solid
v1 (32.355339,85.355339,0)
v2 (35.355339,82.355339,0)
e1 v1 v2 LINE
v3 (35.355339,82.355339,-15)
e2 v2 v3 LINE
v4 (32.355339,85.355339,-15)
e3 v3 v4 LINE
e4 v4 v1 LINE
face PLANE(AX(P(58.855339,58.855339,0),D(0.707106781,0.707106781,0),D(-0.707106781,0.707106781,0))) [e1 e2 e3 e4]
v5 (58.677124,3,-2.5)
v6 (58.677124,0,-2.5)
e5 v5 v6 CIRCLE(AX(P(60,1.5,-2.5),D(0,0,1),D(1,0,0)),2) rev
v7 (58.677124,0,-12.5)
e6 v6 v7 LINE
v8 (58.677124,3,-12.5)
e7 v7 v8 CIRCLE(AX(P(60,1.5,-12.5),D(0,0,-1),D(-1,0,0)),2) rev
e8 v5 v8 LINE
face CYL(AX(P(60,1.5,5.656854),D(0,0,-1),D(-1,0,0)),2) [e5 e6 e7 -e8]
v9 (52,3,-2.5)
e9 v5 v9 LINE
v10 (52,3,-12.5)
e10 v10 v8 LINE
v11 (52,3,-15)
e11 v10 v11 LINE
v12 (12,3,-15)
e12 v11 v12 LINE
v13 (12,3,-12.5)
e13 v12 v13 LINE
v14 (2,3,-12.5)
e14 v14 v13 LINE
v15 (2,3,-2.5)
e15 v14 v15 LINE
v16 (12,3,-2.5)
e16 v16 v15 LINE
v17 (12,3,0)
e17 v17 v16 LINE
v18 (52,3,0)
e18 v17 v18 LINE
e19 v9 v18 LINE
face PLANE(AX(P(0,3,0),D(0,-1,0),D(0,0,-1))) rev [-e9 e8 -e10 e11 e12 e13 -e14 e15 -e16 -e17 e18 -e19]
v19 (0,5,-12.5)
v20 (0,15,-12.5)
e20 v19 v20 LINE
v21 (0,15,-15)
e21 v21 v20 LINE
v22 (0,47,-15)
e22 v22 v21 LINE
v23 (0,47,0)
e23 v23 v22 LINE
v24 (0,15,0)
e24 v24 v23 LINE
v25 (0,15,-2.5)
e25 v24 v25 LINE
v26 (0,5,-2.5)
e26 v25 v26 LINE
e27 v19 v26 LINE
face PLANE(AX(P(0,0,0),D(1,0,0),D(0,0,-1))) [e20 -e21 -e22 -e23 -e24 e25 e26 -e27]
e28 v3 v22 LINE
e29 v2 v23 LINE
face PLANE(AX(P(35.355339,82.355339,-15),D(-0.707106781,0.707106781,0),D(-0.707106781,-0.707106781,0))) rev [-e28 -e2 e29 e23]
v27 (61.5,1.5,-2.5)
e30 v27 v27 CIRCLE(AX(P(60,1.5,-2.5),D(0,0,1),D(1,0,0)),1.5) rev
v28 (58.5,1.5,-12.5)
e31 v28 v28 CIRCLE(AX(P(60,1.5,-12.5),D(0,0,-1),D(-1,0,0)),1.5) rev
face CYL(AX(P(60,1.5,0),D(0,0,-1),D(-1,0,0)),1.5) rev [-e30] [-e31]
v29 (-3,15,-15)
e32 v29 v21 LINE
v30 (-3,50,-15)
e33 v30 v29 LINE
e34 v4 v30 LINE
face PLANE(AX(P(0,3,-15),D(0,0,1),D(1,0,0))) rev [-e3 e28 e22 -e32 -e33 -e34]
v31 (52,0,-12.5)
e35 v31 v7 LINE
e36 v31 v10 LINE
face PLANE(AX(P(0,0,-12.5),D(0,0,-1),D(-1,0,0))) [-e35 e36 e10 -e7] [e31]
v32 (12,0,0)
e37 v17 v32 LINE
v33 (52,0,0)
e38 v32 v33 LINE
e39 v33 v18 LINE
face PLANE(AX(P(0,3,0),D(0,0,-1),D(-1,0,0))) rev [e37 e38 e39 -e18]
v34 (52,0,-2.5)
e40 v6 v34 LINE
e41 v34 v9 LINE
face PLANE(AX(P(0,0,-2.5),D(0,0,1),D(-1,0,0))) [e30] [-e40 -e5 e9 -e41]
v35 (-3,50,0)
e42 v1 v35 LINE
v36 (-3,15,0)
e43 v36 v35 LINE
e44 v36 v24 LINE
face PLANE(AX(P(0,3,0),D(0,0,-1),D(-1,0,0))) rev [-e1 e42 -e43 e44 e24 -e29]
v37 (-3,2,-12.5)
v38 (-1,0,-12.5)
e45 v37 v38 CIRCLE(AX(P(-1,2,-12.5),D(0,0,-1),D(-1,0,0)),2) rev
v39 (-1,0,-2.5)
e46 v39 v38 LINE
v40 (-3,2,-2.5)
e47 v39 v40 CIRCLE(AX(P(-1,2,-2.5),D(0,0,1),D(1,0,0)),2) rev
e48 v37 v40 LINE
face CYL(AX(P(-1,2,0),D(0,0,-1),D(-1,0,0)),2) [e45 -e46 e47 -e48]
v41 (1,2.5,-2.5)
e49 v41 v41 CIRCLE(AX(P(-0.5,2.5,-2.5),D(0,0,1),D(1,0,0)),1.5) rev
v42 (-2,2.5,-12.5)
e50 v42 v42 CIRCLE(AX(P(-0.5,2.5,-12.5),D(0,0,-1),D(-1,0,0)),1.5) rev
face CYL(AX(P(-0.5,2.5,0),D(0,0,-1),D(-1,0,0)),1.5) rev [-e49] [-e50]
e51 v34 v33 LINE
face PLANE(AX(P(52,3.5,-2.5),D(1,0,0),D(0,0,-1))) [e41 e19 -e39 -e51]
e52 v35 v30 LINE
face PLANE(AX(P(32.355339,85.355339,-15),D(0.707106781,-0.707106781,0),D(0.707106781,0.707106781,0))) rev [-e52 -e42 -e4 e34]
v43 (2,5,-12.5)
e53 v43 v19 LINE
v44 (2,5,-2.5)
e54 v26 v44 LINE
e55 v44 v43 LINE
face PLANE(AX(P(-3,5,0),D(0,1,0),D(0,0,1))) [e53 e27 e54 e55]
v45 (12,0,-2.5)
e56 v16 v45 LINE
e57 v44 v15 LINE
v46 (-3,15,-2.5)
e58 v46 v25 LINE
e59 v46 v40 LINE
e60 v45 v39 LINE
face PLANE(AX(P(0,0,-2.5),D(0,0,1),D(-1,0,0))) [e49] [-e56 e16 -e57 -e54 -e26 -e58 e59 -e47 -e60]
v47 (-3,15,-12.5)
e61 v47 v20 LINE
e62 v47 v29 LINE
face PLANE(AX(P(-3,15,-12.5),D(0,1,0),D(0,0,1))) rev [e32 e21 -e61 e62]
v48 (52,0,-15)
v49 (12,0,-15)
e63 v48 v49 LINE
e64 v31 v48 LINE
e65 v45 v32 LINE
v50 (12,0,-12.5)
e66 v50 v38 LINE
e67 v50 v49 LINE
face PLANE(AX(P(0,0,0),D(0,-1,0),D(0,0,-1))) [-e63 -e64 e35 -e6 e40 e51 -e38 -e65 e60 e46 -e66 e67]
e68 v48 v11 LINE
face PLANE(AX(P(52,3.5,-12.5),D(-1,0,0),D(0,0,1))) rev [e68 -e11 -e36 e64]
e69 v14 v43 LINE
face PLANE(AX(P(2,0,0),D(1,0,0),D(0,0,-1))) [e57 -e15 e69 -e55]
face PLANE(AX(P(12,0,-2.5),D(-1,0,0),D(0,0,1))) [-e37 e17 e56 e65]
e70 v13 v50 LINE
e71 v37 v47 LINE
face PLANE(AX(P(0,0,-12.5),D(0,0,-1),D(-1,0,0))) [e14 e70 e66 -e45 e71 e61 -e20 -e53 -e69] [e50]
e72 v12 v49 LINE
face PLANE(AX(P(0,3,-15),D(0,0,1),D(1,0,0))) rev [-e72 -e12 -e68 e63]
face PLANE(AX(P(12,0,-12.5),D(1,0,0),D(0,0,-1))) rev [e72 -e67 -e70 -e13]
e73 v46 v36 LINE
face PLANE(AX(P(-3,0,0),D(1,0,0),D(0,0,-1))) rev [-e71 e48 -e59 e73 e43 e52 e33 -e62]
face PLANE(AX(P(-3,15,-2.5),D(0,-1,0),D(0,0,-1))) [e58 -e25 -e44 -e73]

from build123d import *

# Parameters (mm, degrees)
SKETCH1_W           = 60
SKETCH1_H           = 15
BOSS_EXTRUDE1_DEPTH = 3
SKETCH2_W           = 15
SKETCH2_H           = 50
BOSS_EXTRUDE2_DEPTH = 3
SKETCH3_W           = 5
SKETCH3_H           = 5
BOSS_EXTRUDE3_DEPTH = 15
SKETCH4_R           = 1.5
CUT_EXTRUDE1_DEPTH  = 80.529868603
FILLET1_R           = 2
SKETCH5_W           = 15
SKETCH5_H           = 15
CUT_EXTRUDE2_DEPTH  = 2.5
SKETCH6_R           = 2
BOSS_EXTRUDE4_DEPTH = 15
SKETCH7_R           = 1.5
CUT_EXTRUDE3_DEPTH  = 82.049367672
SKETCH8_W           = 10
SKETCH8_H           = 4.50152391
CUT_EXTRUDE4_DEPTH  = 2.5
SKETCH11_W          = 4.242640687
SKETCH11_H          = 15
BOSS_EXTRUDE5_DEPTH = 50


with BuildPart() as part:
    # Sketch1 → Boss-Extrude1 (new body)
    with BuildSketch(Plane(origin=(0, 0, 0), x_dir=(1, 0, 0), z_dir=(0, 1, 0))):
        with Locations((30, 7.5)):
            Rectangle(SKETCH1_W, SKETCH1_H)
    extrude(amount=BOSS_EXTRUDE1_DEPTH)

    # Sketch2 → Boss-Extrude2 (add)
    with BuildSketch(Plane.ZY):
        with Locations((-7.5, 25)):
            Rectangle(SKETCH2_W, SKETCH2_H)
    extrude(amount=BOSS_EXTRUDE2_DEPTH)

    # Sketch3 → Boss-Extrude3 (add)
    with BuildSketch(Plane(origin=(0, 0, -15), x_dir=(-1, 0, 0), z_dir=(0, 0, -1))):
        with Locations((0.5, 2.5)):
            Rectangle(SKETCH3_W, SKETCH3_H)
    extrude(amount=-BOSS_EXTRUDE3_DEPTH)

    # Sketch4 → Cut-Extrude1 (cut, through all)
    with BuildSketch(Plane(origin=(0, 0, -15), x_dir=(-1, 0, 0), z_dir=(0, 0, -1))):
        with Locations((0.5, 2.5)):
            Circle(SKETCH4_R)
    extrude(amount=-CUT_EXTRUDE1_DEPTH, mode=Mode.SUBTRACT)

    # Fillet1
    fillet1_edges = [part.edges().sort_by_distance(p)[0] for p in [
        (-3, 0, -7.5),
    ]]
    fillet(fillet1_edges, radius=FILLET1_R)

    # Sketch5 → Cut-Extrude2 (cut)
    with BuildSketch(Plane(origin=(0, 0, -15), x_dir=(-1, 0, 0), z_dir=(0, 0, -1))):
        with Locations((-4.5, 7.5)):
            Rectangle(SKETCH5_W, SKETCH5_H)
    cut_extrude2 = extrude(amount=-CUT_EXTRUDE2_DEPTH, mode=Mode.SUBTRACT)

    # Mirror1: Cut-Extrude2 across plane
    add(cut_extrude2.mirror(Plane(origin=(0, 0, -7.5), x_dir=(1, 0, 0), z_dir=(0, 0, -1))), mode=Mode.SUBTRACT)

    # Sketch6 → Boss-Extrude4 (add)
    with BuildSketch(Plane(origin=(0, 0, -15), x_dir=(-1, 0, 0), z_dir=(0, 0, -1))):
        with Locations((-60, 1.5)):
            Circle(SKETCH6_R)
    extrude(amount=-BOSS_EXTRUDE4_DEPTH)

    # Sketch7 → Cut-Extrude3 (cut, through all)
    with BuildSketch(Plane(origin=(0, 0, -15), x_dir=(-1, 0, 0), z_dir=(0, 0, -1))):
        with Locations((-60, 1.5)):
            Circle(SKETCH7_R)
    extrude(amount=-CUT_EXTRUDE3_DEPTH, mode=Mode.SUBTRACT)

    # Sketch8 → Cut-Extrude4 (cut)
    with BuildSketch(Plane(origin=(0, 0, -15), x_dir=(-1, 0, 0), z_dir=(0, 0, -1))):
        with Locations((-57, 1.249238045)):
            Rectangle(SKETCH8_W, SKETCH8_H)
    cut_extrude4 = extrude(amount=-CUT_EXTRUDE4_DEPTH, mode=Mode.SUBTRACT)

    # Mirror2: Cut-Extrude4 across plane
    add(cut_extrude4.mirror(Plane(origin=(0, 0, -7.5), x_dir=(1, 0, 0), z_dir=(0, 0, -1))), mode=Mode.SUBTRACT)

    # Sketch11 → Boss-Extrude5 (add)
    with BuildSketch(Plane(origin=(23.5, 23.5, 0), x_dir=(0.7071067811865476, -0.7071067811865476, 0), z_dir=(0.7071067811865476, 0.7071067811865476, 0))):
        with Locations((-35.355339059, 7.5)):
            Rectangle(SKETCH11_W, SKETCH11_H)
    extrude(amount=BOSS_EXTRUDE5_DEPTH)


solid = part.part
